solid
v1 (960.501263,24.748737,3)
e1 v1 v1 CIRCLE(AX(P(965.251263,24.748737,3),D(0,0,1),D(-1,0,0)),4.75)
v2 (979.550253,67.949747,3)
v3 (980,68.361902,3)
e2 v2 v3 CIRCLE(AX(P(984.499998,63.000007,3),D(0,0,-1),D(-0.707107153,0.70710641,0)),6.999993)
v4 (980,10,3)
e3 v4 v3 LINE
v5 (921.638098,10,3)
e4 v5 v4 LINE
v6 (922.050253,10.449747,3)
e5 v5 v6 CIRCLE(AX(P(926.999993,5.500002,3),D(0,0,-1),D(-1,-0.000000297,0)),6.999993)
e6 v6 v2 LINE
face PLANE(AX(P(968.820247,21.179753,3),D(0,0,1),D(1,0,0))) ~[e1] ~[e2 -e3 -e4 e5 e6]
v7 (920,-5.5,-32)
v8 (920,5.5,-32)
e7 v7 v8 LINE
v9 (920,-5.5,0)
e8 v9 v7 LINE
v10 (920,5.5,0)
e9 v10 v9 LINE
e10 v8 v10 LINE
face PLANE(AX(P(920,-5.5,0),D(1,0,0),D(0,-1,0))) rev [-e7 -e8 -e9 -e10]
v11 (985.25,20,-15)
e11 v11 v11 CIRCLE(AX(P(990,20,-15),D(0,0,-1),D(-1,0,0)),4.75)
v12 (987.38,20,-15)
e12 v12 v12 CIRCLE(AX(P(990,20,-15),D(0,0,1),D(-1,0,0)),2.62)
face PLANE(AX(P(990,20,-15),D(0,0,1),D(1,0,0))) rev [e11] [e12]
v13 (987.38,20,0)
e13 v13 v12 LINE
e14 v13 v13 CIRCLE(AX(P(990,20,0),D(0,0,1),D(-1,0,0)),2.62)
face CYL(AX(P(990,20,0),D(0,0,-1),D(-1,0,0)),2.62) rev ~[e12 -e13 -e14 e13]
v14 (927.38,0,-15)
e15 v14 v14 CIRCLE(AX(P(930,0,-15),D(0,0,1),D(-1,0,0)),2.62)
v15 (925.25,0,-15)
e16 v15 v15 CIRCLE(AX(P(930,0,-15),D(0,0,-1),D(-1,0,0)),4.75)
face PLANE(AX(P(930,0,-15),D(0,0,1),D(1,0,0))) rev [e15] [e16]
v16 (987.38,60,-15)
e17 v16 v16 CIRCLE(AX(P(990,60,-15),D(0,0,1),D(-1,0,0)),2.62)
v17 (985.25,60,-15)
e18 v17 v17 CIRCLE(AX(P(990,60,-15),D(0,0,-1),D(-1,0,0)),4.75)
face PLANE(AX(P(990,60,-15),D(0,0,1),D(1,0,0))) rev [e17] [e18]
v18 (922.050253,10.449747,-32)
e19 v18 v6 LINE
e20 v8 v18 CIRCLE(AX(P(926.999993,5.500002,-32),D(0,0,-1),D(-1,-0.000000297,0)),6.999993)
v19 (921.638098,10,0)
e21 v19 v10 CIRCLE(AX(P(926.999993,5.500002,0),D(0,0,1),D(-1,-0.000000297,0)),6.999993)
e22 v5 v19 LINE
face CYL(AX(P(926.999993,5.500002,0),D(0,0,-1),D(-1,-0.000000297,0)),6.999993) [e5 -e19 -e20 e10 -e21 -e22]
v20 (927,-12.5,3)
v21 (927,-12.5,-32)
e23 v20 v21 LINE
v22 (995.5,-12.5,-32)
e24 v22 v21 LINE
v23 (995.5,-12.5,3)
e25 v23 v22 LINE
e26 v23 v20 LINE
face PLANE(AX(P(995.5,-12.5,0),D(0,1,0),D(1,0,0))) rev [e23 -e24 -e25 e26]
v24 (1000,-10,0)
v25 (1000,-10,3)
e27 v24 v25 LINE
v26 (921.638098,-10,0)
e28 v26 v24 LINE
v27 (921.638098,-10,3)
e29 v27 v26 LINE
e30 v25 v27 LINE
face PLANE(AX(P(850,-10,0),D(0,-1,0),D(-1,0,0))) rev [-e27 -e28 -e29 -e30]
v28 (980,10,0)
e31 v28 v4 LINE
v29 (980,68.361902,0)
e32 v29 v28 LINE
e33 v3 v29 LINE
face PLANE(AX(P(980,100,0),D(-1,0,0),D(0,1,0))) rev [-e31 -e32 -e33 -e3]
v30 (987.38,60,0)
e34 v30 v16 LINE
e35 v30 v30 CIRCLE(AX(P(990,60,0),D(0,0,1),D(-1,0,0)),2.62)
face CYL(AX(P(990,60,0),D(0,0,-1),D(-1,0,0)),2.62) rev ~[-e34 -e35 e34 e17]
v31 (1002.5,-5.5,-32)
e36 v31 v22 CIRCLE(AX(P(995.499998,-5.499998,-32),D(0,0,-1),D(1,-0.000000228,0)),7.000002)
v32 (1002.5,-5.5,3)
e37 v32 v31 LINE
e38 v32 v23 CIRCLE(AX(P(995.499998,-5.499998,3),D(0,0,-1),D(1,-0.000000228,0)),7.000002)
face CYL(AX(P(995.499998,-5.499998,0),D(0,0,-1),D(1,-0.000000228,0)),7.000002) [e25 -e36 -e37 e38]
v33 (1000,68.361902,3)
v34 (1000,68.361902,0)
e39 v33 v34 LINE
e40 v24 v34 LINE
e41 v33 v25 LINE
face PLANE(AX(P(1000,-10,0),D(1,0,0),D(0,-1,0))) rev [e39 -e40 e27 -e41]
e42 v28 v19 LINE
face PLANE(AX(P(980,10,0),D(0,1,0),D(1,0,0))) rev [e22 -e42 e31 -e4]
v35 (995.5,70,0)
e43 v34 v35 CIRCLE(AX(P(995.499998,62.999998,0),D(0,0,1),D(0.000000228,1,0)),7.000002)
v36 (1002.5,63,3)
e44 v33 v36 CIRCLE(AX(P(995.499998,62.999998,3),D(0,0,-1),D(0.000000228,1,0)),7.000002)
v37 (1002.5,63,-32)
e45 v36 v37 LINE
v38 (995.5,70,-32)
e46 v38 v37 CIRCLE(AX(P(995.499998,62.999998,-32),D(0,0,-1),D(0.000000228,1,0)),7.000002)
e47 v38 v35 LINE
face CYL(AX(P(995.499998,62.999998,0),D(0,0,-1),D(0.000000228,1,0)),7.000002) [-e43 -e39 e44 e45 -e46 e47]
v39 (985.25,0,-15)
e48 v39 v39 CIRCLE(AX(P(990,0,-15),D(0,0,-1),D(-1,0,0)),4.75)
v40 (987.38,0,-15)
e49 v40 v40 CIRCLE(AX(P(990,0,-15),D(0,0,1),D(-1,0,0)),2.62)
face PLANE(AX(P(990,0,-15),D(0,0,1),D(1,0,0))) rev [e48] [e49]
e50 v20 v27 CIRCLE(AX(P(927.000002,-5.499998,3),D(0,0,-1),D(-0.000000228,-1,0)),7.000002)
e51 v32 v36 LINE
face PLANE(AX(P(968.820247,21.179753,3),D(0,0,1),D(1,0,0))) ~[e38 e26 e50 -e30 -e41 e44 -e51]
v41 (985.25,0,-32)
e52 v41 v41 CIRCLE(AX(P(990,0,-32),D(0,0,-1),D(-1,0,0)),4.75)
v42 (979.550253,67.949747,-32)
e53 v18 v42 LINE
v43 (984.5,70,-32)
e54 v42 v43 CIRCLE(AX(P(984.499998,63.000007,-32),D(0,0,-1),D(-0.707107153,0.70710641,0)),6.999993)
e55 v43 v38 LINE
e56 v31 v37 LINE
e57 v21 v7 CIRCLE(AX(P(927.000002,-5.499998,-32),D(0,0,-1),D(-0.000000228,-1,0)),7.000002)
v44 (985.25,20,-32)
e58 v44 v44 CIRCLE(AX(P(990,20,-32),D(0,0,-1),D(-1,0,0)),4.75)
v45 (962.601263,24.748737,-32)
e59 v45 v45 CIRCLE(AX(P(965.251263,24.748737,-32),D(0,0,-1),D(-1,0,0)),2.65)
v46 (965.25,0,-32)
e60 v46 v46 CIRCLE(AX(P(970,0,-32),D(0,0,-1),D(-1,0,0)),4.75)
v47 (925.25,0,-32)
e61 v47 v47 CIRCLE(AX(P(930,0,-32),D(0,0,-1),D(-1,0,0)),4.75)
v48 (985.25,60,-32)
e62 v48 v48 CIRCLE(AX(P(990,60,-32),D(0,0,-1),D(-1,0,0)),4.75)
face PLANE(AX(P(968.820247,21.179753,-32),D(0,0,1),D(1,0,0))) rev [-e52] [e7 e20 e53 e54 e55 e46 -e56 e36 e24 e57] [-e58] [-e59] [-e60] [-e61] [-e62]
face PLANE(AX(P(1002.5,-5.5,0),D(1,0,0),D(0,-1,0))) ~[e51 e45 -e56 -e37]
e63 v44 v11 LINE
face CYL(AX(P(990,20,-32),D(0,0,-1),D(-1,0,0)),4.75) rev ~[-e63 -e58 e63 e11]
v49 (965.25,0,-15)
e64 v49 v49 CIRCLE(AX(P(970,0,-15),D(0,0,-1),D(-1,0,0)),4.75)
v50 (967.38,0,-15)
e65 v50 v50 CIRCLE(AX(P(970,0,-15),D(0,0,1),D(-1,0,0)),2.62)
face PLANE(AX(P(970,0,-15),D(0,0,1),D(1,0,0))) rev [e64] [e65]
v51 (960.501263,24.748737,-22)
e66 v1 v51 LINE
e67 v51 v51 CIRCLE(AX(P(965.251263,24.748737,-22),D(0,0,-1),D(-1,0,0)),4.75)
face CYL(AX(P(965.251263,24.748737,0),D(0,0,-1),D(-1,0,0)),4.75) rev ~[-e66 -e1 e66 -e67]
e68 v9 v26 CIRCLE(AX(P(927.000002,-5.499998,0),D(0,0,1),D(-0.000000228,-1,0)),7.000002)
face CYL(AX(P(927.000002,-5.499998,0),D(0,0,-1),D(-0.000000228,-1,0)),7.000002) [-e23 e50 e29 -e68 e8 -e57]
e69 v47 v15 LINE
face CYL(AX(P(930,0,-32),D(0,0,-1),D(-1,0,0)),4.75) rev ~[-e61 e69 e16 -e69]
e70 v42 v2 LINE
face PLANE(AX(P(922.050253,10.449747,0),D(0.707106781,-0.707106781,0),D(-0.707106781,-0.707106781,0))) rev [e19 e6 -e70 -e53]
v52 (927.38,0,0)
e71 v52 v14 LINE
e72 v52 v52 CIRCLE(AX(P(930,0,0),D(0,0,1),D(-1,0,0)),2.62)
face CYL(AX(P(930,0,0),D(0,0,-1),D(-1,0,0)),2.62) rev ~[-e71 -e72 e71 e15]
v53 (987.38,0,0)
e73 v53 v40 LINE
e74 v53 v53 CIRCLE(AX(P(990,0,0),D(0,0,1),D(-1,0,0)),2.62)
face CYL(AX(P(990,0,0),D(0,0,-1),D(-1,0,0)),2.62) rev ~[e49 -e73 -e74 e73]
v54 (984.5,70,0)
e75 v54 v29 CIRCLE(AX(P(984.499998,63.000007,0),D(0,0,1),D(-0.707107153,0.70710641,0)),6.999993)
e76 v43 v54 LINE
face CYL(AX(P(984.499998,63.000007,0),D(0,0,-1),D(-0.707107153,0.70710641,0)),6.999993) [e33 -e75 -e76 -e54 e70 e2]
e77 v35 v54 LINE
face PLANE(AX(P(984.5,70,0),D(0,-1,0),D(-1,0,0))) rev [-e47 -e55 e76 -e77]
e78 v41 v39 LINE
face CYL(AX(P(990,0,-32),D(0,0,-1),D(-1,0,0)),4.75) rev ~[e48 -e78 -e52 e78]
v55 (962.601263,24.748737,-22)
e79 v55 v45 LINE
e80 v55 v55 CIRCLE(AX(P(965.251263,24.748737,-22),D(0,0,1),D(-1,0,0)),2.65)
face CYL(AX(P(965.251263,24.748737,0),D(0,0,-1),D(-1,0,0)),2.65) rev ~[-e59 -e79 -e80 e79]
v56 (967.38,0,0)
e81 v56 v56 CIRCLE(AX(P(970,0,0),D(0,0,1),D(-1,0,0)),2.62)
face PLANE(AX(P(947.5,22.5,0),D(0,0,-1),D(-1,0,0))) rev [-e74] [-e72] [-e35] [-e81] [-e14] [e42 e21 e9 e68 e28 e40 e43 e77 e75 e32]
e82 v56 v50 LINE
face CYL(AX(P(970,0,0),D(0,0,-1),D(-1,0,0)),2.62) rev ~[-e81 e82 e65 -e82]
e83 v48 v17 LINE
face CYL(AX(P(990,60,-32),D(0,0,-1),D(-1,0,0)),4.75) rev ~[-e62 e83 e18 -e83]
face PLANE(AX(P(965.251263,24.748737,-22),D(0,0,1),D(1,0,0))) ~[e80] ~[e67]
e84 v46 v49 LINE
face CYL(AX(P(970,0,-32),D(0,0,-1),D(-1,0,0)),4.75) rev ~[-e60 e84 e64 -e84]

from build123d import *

# Parameters (mm, degrees)
SKETCH013_R          = 2.62
SKETCH013_R_2        = 2.65
PAD006_DEPTH         = 32
PAD006_DEPTH_BACK    = 3
SKETCH014_R          = 4.75
POCKET004_DEPTH      = 17
POCKET005_DEPTH      = 3.001
SKETCH109_R          = 4.75
POCKET055_DEPTH      = 22
POCKET055_DEPTH_BACK = 100


with BuildPart() as foot005:
    # Sketch013 → Pad006 (new body, two sides)
    with BuildSketch(Plane.XY) as pad006_sk:
        with BuildLine():
            Line((70, -5.5), (70, 5.5))
            ThreePointArc((70, 5.5), (69.467157, 8.178784), (67.949747, 10.449747))
            Line((67.949747, 10.449747), (10.449747, 67.949747))
            ThreePointArc((10.449747, 67.949747), (8.178784, 69.467157), (5.5, 70))
            Line((5.5, 70), (-5.5, 70))
            ThreePointArc((-5.5, 70), (-10.449747, 67.949747), (-12.5, 63))
            Line((-12.5, -5.5), (-12.5, 63))
            ThreePointArc((-12.5, -5.5), (-10.449747, -10.449747), (-5.5, -12.5))
            Line((-5.5, -12.5), (63, -12.5))
            ThreePointArc((63, -12.5), (67.949747, -10.449747), (70, -5.5))
        make_face()
        with Locations((20, 0)):
            Circle(SKETCH013_R, mode=Mode.SUBTRACT)
        with Locations((60, 0)):
            Circle(SKETCH013_R, mode=Mode.SUBTRACT)
        Circle(SKETCH013_R, mode=Mode.SUBTRACT)
        with Locations((0, 60)):
            Circle(SKETCH013_R, mode=Mode.SUBTRACT)
        with Locations((0, 20)):
            Circle(SKETCH013_R, mode=Mode.SUBTRACT)
        with Locations((24.748737, 24.748737)):
            Circle(SKETCH013_R_2, mode=Mode.SUBTRACT)
    extrude(amount=-PAD006_DEPTH)
    extrude(pad006_sk.sketch, amount=PAD006_DEPTH_BACK)

    # Sketch014 → Pocket004 (cut)
    with BuildSketch(Plane.XY.offset(-32)):
        with Locations((0, 60)):
            Circle(SKETCH014_R)
        Circle(SKETCH014_R)
        with Locations((20, 0)):
            Circle(SKETCH014_R)
        with Locations((60, 0)):
            Circle(SKETCH014_R)
        with Locations((0, 20)):
            Circle(SKETCH014_R)
    extrude(amount=POCKET004_DEPTH, mode=Mode.SUBTRACT)

    # Sketch016 → Pocket005 (cut, through all)
    with BuildSketch(Plane.XY):
        Polygon((10, 100), (10, 10), (140, 10), (140, -10), (-10, -10), (-10, 100), align=None)
    extrude(amount=POCKET005_DEPTH, mode=Mode.SUBTRACT)

    # Sketch109 → Pocket055 (cut, two sides)
    with BuildSketch(Plane.XY) as pocket055_sk:
        with Locations((24.748737, 24.748737)):
            Circle(SKETCH109_R)
    extrude(amount=-POCKET055_DEPTH, mode=Mode.SUBTRACT)
    extrude(pocket055_sk.sketch, amount=POCKET055_DEPTH_BACK, mode=Mode.SUBTRACT)


with BuildPart() as foot3:
    # Part__Mirroring001: instance of Foot005
    add(foot005.part.mirror(Plane(origin=(0, 0, 0), x_dir=(0, -1, 0), z_dir=(1, 0, 0))))


with BuildPart() as foot3_1:
    # Part__Mirroring001 placement: moved
    add(foot3.part.moved(Location((990, 0, 0))))


solid = foot3_1.part
